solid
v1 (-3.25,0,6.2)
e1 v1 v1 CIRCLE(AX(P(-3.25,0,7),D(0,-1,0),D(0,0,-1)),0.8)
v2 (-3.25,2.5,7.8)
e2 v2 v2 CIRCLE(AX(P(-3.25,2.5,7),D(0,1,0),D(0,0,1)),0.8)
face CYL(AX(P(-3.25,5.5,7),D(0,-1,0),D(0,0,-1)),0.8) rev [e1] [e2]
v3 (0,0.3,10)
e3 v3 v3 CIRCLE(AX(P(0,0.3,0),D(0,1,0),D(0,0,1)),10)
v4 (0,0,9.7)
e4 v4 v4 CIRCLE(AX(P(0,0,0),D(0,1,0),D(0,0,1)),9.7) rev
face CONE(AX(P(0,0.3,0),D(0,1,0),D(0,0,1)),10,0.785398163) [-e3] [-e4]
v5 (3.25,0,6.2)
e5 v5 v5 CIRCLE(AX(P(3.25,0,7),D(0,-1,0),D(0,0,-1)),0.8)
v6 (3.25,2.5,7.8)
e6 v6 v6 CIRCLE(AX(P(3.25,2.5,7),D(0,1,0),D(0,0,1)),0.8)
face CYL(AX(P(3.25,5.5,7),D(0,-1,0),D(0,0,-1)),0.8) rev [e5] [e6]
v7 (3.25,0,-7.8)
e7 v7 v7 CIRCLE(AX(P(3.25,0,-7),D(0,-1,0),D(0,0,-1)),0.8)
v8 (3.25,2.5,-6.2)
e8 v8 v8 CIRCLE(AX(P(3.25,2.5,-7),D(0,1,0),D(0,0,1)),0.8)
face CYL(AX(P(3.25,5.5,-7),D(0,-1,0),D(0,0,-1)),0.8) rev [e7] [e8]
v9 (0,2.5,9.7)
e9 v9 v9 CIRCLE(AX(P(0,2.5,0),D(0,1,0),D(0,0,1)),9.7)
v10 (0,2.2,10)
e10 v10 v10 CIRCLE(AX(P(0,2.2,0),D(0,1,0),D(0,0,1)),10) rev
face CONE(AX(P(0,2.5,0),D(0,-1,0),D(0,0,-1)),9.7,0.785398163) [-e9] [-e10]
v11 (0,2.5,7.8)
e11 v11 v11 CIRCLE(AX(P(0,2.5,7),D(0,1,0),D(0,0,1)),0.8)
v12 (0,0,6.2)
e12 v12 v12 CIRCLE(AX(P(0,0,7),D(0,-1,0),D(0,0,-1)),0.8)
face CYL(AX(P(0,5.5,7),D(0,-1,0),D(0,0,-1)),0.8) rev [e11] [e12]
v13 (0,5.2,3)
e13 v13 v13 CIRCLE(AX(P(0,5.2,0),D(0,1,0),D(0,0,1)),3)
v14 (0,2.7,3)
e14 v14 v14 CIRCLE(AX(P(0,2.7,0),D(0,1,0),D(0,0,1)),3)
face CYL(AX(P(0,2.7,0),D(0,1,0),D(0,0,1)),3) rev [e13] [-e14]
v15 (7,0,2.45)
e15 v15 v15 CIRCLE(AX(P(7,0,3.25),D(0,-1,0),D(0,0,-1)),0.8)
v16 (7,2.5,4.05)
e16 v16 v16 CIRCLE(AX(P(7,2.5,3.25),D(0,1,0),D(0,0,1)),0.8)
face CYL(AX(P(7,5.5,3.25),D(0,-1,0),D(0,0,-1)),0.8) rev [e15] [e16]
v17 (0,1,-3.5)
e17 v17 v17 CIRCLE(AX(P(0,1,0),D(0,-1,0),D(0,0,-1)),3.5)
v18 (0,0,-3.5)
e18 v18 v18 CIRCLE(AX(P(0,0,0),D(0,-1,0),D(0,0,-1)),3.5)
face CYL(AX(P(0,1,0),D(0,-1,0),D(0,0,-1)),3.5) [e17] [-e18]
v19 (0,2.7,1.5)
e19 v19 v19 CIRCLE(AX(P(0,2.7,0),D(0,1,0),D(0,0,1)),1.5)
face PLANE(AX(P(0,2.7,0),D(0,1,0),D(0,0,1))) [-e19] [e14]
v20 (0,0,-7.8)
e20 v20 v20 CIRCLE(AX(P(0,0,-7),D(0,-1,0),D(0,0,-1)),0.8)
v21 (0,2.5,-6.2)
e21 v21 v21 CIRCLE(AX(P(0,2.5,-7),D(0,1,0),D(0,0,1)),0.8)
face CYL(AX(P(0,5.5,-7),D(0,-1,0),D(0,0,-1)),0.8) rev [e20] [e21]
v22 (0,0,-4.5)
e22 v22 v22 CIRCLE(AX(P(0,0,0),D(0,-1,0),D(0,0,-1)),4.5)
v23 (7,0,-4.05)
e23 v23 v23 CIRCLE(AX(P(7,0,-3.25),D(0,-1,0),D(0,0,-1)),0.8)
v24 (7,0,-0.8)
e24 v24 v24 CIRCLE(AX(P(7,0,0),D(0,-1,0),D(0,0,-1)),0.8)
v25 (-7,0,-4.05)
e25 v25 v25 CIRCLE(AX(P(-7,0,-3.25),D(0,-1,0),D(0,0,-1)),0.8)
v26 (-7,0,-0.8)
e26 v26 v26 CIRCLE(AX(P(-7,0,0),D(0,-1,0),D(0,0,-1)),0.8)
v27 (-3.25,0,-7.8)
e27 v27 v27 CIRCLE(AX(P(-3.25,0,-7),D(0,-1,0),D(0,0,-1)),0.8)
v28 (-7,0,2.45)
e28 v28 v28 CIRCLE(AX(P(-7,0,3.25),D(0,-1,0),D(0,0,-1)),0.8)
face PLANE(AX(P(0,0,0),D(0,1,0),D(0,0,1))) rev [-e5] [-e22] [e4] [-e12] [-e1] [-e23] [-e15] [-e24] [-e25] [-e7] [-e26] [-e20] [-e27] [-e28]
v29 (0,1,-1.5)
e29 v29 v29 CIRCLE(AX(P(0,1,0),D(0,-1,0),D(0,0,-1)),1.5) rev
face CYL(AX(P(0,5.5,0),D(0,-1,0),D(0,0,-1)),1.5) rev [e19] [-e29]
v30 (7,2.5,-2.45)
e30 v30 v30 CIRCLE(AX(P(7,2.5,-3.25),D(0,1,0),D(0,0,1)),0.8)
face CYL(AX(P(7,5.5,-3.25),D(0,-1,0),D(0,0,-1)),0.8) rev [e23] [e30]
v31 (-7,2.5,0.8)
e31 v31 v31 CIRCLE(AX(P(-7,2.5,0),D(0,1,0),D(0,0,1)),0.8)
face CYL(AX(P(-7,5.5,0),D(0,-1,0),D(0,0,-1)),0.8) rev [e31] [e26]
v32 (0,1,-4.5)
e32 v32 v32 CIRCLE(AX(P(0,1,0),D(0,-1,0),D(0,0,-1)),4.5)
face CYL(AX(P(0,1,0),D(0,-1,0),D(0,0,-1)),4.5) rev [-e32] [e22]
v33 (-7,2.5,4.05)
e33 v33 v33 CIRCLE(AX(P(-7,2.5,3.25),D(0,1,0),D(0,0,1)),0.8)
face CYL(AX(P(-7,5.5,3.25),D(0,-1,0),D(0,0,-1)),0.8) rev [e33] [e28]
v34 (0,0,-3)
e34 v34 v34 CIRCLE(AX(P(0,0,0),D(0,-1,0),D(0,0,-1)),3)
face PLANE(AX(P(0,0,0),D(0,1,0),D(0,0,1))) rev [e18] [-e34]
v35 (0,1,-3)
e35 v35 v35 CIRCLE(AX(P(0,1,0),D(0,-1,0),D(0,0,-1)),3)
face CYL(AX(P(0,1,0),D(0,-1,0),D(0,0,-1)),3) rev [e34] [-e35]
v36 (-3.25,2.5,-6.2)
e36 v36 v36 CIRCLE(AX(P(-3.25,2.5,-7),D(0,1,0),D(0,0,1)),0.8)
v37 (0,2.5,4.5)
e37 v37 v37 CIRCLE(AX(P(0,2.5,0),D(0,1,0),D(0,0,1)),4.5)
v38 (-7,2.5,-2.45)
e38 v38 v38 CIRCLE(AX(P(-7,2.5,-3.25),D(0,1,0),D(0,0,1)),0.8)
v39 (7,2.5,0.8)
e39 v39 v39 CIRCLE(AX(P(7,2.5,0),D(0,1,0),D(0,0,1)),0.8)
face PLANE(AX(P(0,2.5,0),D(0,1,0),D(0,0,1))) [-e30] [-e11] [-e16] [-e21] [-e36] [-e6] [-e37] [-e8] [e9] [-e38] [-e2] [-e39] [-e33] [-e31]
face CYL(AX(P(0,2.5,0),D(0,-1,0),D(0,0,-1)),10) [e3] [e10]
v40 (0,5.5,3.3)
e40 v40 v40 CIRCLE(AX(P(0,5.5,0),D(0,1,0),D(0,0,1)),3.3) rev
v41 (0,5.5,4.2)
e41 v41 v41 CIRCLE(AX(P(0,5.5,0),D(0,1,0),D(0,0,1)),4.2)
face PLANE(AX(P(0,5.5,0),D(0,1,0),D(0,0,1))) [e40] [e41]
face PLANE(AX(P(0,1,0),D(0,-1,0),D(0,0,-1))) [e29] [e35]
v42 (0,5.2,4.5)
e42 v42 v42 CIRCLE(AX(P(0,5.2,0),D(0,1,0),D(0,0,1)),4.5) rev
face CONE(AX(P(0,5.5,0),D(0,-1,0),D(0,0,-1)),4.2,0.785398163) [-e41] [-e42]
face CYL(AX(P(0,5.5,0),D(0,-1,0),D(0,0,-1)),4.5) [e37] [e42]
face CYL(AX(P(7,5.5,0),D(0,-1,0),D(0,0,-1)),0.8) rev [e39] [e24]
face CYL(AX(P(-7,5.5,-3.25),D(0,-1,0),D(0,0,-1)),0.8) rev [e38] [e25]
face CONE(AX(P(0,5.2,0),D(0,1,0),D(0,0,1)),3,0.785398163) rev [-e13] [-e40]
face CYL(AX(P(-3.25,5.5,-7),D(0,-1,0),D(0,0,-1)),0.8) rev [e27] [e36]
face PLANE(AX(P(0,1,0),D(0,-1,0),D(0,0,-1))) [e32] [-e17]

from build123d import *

# Parameters (mm, degrees)
SKETCH_1_R          = 10
EXTRUDE_1_DEPTH     = 2.5
SKETCH_2_R          = 4.5
EXTRUDE_2_DEPTH     = 3
SKETCH_3_R          = 3
CUT_EXTRUDE_1_DEPTH = 2.8
SKETCH_4_R          = 0.8
SKETCH_4_R_2        = 1.5
CUT_EXTRUDE_2_DEPTH = 16.173990905
CHAMFER_1_SIZE      = 0.3
SKETCH_5_R          = 4.5
SKETCH_5_R_2        = 3.5
SKETCH_5_R_3        = 3
SKETCH_5_R_4        = 1.5
CUT_EXTRUDE_3_DEPTH = 1


with BuildPart() as part:
    # 草图1 → 凸台-拉伸1 (new body)
    with BuildSketch(Plane(origin=(0, 0, 0), x_dir=(1, 0, 0), z_dir=(0, 1, 0))):
        with Locations(Location((0, 0, 0), (0, 0, 270))):
            Circle(SKETCH_1_R)
    extrude(amount=EXTRUDE_1_DEPTH)

    # 草图2 → 凸台-拉伸2 (add)
    with BuildSketch(Plane(origin=(0, 2.5, 0), x_dir=(1, 0, 0), z_dir=(0, 1, 0))):
        with Locations(Location((0, 0, 0), (0, 0, 270))):
            Circle(SKETCH_2_R)
    extrude(amount=EXTRUDE_2_DEPTH)

    # 草图3 → 切除-拉伸1 (cut)
    with BuildSketch(Plane(origin=(0, 5.5, 0), x_dir=(1, 0, 0), z_dir=(0, 1, 0))):
        with Locations(Location((0, 0, 0), (0, 0, 270))):
            Circle(SKETCH_3_R)
    extrude(amount=-CUT_EXTRUDE_1_DEPTH, mode=Mode.SUBTRACT)

    # 草图4 → 切除-拉伸2 (cut, through all)
    with BuildSketch(Plane.XZ):
        with Locations(Location((0, 7, 0), (0, 0, 270))):
            Circle(SKETCH_4_R)
        with Locations(Location((0, 0, 0), (0, 0, 270))):
            Circle(SKETCH_4_R_2)
        with Locations(Location((-3.25, 7, 0), (0, 0, 270))):
            Circle(SKETCH_4_R)
        with Locations(Location((3.25, 7, 0), (0, 0, 270))):
            Circle(SKETCH_4_R)
        with Locations(Location((7, 0, 0), (0, 0, 270))):
            Circle(SKETCH_4_R)
        with Locations(Location((7, 3.25, 0), (0, 0, 270))):
            Circle(SKETCH_4_R)
        with Locations(Location((7, -3.25, 0), (0, 0, 270))):
            Circle(SKETCH_4_R)
        with Locations(Location((0, -7, 0), (0, 0, 270))):
            Circle(SKETCH_4_R)
        with Locations(Location((3.25, -7, 0), (0, 0, 270))):
            Circle(SKETCH_4_R)
        with Locations(Location((-3.25, -7, 0), (0, 0, 270))):
            Circle(SKETCH_4_R)
        with Locations(Location((-7, 0, 0), (0, 0, 270))):
            Circle(SKETCH_4_R)
        with Locations(Location((-7, -3.25, 0), (0, 0, 270))):
            Circle(SKETCH_4_R)
        with Locations(Location((-7, 3.25, 0), (0, 0, 270))):
            Circle(SKETCH_4_R)
    extrude(amount=-CUT_EXTRUDE_2_DEPTH, mode=Mode.SUBTRACT)

    # 倒角1
    chamfer_1_edges = [part.edges().sort_by_distance(p)[0] for p in [
        (0, 5.5, -3),
        (0, 0, -10),
        (0, 2.5, -10),
        (0, 5.5, -4.5),
    ]]
    chamfer(chamfer_1_edges, length=CHAMFER_1_SIZE)

    # 草图5 → 切除-拉伸3 (cut)
    # profile 1 of 2: a face of its own
    with BuildSketch(Plane.XZ):
        with Locations(Location((0, 0, 0), (0, 0, 90))):
            Circle(SKETCH_5_R)
        with Locations(Location((0, 0, 0), (0, 0, 270))):
            Circle(SKETCH_5_R_2, mode=Mode.SUBTRACT)
    # profile 2 of 2: a face of its own
    with BuildSketch(Plane.XZ):
        with Locations(Location((0, 0, 0), (0, 0, 90))):
            Circle(SKETCH_5_R_3)
        with Locations(Location((0, 0, 0), (0, 0, 270))):
            Circle(SKETCH_5_R_4, mode=Mode.SUBTRACT)
    extrude(amount=-CUT_EXTRUDE_3_DEPTH, mode=Mode.SUBTRACT)


solid = part.part
